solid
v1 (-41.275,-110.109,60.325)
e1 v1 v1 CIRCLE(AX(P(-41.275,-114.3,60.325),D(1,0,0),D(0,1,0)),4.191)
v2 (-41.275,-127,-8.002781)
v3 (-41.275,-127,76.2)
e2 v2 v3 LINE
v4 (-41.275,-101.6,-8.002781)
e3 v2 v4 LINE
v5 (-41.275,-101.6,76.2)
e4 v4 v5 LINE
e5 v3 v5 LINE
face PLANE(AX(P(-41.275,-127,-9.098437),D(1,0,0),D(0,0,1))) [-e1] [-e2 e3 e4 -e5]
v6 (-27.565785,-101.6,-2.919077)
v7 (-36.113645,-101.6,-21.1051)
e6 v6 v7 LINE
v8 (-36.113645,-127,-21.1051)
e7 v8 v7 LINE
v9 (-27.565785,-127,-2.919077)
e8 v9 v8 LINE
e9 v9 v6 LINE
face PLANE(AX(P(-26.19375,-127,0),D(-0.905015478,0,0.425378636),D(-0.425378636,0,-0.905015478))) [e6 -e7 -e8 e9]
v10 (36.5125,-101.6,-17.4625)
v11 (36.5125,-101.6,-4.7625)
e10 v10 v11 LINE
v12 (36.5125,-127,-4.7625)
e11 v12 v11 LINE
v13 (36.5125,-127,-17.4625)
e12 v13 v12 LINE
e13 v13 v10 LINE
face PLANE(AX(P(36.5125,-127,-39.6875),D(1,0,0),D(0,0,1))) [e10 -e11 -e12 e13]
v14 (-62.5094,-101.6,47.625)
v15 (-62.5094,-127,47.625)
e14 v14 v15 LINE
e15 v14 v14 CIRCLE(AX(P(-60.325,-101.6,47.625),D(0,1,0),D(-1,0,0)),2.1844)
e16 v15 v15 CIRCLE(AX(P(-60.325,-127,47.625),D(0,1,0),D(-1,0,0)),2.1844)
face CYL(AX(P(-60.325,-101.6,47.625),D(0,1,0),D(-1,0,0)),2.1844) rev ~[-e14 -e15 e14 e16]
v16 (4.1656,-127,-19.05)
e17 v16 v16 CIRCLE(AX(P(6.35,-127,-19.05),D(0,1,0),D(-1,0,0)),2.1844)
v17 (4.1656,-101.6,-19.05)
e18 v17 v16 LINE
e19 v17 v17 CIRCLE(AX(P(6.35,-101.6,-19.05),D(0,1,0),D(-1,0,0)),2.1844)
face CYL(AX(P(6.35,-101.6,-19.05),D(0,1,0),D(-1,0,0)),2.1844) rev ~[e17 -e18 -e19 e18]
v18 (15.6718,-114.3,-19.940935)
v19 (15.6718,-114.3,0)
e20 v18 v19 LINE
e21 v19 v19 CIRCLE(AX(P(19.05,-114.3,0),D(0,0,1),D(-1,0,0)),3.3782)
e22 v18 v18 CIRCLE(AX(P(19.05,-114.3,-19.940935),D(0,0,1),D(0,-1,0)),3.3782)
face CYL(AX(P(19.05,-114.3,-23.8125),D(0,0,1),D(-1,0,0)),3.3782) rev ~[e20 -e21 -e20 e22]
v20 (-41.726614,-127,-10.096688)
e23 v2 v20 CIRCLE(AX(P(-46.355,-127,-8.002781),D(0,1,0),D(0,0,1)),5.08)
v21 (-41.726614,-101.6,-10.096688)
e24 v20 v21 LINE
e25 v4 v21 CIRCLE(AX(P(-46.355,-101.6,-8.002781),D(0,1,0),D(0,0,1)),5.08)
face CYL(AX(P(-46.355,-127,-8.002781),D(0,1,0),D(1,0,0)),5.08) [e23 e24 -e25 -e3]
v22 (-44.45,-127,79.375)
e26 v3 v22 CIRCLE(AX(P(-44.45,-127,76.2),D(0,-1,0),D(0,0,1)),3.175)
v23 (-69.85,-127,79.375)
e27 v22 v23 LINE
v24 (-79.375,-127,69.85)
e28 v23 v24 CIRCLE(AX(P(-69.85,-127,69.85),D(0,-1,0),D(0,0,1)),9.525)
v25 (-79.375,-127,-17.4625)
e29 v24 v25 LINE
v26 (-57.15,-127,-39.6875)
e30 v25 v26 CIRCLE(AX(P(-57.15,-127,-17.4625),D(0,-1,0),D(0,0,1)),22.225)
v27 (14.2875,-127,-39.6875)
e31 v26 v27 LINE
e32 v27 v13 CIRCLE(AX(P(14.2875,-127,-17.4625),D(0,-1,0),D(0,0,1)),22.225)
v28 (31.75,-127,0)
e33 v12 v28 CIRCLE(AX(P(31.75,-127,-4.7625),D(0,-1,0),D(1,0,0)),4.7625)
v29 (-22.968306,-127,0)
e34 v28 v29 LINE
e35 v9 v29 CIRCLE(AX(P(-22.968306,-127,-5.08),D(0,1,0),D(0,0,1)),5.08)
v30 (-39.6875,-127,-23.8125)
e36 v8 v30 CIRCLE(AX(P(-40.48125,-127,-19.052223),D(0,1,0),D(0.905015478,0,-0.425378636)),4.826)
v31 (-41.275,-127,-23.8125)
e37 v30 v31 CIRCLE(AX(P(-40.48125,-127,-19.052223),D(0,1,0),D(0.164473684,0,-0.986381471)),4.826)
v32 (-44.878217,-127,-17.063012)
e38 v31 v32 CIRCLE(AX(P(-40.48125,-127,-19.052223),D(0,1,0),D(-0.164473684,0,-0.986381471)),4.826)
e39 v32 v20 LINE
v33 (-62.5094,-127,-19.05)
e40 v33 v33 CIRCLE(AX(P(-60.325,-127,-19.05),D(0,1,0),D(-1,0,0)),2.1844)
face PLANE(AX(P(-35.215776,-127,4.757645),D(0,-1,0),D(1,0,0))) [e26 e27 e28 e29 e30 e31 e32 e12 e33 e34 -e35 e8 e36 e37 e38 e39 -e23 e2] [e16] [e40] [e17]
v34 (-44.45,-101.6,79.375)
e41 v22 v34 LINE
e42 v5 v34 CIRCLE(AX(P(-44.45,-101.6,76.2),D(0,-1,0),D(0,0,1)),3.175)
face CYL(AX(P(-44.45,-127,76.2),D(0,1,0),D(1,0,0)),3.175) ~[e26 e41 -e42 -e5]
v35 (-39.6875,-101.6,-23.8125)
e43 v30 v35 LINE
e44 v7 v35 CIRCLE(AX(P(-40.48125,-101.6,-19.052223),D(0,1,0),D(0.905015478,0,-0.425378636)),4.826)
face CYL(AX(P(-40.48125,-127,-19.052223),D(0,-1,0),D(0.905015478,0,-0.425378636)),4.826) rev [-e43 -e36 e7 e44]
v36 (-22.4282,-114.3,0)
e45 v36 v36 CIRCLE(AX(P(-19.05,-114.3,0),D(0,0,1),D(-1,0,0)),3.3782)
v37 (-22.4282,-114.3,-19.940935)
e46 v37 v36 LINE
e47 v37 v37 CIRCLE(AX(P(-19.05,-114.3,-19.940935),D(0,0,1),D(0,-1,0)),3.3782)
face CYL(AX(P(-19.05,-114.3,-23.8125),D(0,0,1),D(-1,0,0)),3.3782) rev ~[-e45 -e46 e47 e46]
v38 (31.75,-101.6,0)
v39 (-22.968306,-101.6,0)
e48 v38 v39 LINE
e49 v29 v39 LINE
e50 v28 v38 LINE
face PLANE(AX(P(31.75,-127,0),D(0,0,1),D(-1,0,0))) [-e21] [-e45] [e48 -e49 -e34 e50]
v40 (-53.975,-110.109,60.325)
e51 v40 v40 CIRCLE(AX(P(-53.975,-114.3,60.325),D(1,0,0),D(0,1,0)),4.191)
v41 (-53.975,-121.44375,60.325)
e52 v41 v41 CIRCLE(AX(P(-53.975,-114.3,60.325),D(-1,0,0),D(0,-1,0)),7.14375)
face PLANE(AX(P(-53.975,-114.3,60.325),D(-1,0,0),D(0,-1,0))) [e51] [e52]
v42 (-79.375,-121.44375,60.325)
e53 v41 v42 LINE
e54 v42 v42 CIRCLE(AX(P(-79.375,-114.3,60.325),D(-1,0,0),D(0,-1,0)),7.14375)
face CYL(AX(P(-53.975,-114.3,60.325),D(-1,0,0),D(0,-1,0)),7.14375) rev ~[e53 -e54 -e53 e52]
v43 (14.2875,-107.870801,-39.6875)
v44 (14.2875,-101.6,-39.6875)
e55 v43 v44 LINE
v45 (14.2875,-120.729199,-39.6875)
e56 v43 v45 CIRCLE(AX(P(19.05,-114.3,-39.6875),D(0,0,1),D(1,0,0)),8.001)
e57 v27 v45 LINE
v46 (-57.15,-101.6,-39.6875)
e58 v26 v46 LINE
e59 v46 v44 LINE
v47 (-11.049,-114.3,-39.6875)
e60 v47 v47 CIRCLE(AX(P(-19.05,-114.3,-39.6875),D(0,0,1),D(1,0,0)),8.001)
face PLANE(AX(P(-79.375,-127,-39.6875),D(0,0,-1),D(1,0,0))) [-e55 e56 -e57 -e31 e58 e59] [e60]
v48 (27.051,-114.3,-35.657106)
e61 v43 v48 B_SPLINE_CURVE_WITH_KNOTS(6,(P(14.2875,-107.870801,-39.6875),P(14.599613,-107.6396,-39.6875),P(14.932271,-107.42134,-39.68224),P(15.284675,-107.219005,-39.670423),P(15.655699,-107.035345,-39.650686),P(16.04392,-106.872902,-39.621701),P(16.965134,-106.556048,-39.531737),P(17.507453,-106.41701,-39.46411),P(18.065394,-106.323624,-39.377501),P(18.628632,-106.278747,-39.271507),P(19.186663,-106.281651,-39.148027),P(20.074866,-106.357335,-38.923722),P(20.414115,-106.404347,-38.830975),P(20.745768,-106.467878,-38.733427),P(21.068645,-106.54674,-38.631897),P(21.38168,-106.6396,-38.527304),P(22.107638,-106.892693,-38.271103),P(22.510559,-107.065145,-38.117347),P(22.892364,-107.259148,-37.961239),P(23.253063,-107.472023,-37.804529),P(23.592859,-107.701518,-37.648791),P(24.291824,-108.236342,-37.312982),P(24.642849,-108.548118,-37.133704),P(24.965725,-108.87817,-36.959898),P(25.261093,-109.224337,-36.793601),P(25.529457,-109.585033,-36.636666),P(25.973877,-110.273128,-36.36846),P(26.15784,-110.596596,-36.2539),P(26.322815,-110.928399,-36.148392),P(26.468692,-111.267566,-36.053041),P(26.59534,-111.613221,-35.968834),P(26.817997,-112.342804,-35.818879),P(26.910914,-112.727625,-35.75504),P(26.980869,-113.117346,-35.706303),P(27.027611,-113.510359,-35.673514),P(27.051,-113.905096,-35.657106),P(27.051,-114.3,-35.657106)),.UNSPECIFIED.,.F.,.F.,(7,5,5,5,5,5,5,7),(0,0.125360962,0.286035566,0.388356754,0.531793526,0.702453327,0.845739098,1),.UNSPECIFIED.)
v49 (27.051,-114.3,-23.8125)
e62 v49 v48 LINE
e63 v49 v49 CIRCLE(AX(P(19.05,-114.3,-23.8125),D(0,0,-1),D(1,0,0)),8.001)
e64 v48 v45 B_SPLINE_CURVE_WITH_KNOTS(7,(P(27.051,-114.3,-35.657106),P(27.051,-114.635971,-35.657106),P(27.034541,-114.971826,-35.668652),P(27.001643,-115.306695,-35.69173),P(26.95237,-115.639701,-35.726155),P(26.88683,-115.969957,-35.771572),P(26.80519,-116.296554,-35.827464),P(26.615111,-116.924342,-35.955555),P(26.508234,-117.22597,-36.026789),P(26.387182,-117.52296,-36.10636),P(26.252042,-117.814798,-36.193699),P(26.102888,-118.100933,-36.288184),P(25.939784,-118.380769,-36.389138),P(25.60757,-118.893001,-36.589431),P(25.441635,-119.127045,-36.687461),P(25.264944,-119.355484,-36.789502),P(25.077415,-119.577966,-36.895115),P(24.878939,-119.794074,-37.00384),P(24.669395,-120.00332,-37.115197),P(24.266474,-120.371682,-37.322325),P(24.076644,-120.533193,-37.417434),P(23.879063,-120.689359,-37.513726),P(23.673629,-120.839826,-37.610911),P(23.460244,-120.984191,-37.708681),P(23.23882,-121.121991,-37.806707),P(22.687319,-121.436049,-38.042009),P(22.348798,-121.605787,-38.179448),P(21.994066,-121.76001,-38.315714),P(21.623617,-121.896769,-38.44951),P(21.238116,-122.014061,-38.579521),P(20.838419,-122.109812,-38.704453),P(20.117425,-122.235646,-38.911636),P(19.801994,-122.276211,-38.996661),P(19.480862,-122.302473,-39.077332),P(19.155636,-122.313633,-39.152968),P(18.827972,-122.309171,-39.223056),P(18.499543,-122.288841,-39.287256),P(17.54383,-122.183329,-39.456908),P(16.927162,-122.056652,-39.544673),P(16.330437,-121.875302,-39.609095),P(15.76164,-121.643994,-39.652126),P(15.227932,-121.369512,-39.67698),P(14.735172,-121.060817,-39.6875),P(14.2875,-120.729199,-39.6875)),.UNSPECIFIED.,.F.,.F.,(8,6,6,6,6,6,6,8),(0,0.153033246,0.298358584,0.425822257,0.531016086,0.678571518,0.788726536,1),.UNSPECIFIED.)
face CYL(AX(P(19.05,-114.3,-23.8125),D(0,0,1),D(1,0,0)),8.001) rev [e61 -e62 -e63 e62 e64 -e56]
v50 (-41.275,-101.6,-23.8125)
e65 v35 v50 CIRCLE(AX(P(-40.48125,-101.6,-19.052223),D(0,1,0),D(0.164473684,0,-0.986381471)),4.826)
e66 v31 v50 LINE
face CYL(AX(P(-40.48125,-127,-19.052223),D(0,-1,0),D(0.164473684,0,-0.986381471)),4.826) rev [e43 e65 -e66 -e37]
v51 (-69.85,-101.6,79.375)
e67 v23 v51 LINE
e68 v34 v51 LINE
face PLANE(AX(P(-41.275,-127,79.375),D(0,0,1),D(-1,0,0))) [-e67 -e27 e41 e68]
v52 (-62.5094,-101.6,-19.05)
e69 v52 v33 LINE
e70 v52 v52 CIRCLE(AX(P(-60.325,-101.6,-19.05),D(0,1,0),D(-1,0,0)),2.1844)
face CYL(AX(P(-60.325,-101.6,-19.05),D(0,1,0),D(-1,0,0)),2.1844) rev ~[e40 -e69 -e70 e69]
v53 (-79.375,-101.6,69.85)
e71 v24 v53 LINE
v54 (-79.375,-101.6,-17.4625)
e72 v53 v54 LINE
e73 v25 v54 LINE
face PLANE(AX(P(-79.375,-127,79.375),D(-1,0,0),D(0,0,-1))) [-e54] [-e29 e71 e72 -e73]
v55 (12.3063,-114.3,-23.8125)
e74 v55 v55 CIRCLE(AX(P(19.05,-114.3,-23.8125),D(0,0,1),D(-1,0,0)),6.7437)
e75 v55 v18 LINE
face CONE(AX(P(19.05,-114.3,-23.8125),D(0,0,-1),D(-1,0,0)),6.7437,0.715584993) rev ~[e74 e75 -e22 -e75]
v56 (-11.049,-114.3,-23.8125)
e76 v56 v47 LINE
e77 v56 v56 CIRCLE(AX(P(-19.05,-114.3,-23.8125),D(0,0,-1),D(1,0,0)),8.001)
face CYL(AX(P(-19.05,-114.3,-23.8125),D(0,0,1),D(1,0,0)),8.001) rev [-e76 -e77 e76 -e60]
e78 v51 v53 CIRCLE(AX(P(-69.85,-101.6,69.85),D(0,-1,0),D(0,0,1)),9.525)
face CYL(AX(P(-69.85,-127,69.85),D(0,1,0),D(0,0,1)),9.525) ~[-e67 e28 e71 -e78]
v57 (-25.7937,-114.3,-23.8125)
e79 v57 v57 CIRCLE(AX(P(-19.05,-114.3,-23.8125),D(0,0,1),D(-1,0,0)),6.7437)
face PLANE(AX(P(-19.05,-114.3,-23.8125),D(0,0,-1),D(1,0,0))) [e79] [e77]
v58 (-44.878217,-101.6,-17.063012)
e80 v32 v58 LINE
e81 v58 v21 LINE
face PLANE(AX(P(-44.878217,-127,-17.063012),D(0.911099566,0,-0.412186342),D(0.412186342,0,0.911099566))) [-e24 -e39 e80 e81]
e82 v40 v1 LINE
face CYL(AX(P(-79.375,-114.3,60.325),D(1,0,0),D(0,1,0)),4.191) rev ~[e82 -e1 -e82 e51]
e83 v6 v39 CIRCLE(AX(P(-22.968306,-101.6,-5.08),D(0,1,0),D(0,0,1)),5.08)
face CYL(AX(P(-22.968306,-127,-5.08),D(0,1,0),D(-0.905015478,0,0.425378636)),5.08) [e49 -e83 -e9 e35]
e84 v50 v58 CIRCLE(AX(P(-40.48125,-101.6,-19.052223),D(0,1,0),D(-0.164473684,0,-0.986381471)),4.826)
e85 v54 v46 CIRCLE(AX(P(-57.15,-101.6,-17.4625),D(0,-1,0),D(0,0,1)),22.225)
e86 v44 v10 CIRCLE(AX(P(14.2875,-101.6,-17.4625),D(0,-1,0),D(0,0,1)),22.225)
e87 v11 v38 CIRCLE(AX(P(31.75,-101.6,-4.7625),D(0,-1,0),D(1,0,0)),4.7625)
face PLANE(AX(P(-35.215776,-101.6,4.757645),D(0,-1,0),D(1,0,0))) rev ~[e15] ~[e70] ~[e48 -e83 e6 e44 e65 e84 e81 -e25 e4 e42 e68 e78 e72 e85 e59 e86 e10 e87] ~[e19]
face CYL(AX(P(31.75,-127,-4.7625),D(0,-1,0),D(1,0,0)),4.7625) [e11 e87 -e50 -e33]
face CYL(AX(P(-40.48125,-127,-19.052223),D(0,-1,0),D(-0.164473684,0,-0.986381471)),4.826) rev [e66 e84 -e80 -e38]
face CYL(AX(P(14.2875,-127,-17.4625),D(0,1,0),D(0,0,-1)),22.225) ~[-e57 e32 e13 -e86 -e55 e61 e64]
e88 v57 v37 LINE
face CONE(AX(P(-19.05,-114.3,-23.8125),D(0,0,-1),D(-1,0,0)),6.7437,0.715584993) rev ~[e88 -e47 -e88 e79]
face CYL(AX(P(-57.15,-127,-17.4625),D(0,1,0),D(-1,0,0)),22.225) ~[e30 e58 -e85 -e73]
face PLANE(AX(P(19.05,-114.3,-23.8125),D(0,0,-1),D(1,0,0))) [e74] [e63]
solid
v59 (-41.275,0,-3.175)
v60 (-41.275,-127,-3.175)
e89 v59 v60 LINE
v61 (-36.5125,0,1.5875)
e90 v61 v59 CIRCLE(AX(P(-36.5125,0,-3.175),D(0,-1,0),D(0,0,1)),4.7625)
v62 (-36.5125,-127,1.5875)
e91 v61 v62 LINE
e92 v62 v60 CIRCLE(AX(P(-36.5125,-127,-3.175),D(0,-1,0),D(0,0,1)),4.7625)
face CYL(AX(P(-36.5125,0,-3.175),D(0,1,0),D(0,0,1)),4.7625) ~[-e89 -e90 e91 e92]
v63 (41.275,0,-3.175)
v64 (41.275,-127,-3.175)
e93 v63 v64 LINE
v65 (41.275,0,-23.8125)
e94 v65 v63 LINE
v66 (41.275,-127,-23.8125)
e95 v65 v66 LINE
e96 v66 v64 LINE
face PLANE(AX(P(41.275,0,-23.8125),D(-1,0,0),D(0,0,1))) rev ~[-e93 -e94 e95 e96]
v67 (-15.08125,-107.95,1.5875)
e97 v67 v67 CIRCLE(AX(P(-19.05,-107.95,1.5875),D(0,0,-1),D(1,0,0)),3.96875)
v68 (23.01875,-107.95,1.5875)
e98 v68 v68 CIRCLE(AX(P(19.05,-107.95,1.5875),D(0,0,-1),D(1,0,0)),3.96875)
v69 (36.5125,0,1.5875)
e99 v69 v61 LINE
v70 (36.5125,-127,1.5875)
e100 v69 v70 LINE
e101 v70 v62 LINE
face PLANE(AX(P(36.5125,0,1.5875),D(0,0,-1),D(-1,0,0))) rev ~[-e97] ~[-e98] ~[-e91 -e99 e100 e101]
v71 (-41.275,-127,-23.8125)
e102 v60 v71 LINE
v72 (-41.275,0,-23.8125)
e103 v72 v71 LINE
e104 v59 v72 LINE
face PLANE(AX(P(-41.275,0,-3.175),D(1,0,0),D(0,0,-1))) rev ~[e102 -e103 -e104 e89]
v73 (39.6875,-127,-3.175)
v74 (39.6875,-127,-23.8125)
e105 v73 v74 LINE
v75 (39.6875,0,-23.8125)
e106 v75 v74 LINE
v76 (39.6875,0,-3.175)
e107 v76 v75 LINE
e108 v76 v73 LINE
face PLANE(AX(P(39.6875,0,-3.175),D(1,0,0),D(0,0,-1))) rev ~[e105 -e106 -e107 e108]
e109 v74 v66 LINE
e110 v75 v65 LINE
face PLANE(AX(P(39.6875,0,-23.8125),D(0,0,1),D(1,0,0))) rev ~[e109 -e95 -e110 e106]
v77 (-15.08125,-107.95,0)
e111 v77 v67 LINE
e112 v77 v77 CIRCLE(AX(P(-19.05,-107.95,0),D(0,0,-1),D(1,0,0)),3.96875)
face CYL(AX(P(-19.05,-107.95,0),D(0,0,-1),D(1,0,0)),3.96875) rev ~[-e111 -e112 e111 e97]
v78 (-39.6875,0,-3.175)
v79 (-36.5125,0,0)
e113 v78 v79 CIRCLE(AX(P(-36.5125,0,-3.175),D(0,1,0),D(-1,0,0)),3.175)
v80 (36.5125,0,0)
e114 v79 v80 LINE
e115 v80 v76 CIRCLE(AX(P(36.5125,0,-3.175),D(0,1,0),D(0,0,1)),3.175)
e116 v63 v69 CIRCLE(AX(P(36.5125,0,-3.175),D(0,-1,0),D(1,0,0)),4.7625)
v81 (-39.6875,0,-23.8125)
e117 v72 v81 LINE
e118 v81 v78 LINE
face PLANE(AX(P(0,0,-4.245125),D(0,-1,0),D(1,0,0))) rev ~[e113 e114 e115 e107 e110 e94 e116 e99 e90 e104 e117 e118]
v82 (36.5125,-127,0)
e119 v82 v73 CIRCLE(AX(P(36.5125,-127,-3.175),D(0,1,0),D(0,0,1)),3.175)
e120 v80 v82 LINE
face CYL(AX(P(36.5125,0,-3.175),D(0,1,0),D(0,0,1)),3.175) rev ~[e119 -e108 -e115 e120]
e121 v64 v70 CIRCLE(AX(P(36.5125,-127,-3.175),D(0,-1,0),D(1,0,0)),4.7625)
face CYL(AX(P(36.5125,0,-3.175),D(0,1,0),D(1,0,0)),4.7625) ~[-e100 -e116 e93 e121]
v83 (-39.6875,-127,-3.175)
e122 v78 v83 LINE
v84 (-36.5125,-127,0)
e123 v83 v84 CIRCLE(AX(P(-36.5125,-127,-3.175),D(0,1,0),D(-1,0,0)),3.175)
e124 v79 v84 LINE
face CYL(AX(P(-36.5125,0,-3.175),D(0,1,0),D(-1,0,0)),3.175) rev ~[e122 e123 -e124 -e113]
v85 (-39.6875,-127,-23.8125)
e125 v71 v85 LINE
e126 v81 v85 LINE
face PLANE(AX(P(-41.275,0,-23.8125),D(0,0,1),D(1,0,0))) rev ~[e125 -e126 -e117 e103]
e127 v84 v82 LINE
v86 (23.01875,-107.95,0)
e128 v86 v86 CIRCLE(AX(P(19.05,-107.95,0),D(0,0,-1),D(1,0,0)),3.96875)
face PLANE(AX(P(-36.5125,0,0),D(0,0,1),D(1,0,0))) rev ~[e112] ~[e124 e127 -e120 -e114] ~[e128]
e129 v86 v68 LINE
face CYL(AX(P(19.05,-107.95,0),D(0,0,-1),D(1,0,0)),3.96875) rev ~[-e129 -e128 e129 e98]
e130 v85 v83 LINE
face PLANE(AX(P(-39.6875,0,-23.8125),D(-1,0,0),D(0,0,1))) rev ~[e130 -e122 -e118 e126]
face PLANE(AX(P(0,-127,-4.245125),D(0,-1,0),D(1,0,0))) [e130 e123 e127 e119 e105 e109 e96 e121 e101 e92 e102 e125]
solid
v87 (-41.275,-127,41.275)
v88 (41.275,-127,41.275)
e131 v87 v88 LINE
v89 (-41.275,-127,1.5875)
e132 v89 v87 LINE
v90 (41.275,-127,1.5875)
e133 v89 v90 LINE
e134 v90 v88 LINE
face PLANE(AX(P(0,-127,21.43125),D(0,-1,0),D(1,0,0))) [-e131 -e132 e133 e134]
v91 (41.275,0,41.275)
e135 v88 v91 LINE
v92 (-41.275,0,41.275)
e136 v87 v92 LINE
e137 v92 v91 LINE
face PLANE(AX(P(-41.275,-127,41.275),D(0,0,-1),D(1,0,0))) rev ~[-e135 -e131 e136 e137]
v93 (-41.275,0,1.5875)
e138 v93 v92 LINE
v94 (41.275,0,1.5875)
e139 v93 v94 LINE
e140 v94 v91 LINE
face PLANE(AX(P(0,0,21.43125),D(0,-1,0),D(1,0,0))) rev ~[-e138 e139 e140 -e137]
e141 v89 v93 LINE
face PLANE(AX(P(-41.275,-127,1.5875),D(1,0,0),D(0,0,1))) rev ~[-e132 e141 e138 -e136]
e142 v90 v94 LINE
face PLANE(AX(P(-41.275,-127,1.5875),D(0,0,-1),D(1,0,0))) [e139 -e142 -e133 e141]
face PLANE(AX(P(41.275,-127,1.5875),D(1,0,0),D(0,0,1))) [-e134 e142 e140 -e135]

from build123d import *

# Parameters (mm, degrees)
F1_DEPTH        = 127
F2_W            = 82.55
F2_H            = 39.6875
F3_DEPTH        = 127
F4_R            = 3.96875
F5_DEPTH        = 25.4
F7_DEPTH        = 25.4
F8_R            = 22.225
F10_R           = 8.001
F11_DEPTH       = 25.4
F12_D           = 6.7564
F12_CSINK_D     = 13.4874
F12_CSINK_ANGLE = 82
F13_R           = 3.175
F14_R           = 9.525
F16_D           = 8.382
F16_CBORE_D     = 14.2875
F16_CBORE_DEPTH = 25.4
F17_R           = 5.08
F18_R           = 2.1844
F19_DEPTH       = 25.4010001


with BuildPart() as f1:
    # F0 (on Front) → F1 (new body)
    with BuildSketch(Plane.XZ):
        with BuildLine():
            Line((39.6875, -23.8125), (41.275, -23.8125))
            Line((41.275, -23.8125), (41.275, -3.175))
            ThreePointArc((41.275, -3.175), (39.8800960454, 0.1925960454), (36.5125, 1.5875))
            Line((36.5125, 1.5875), (-36.5125, 1.5875))
            ThreePointArc((-36.5125, 1.5875), (-39.8800960454, 0.1925960454), (-41.275, -3.175))
            Line((-41.275, -3.175), (-41.275, -23.8125))
            Line((-41.275, -23.8125), (-39.6875, -23.8125))
            Line((-39.6875, -23.8125), (-39.6875, -3.175))
            ThreePointArc((-39.6875, -3.175), (-38.7575640303, -0.9299359697), (-36.5125, 0))
            Line((-36.5125, 0), (36.5125, 0))
            ThreePointArc((36.5125, 0), (38.7575640303, -0.9299359697), (39.6875, -3.175))
            Line((39.6875, -3.175), (39.6875, -23.8125))
        make_face()
    extrude(amount=F1_DEPTH)

    # F4 (on face) → F5 (cut)
    with BuildSketch(Plane(origin=(0, 0, 0), x_dir=(1, 0, 0), z_dir=(0, 0, -1))):
        with Locations((-19.05, 107.95)):
            Circle(F4_R)
        with Locations((19.05, 107.95)):
            Circle(F4_R)
    extrude(amount=-F5_DEPTH, mode=Mode.SUBTRACT)


with BuildPart() as f3:
    # F2 (on face) → F3 (new body, through all)
    with BuildSketch(Plane.XZ.offset(127)):
        with Locations((0, 21.43125)):
            Rectangle(F2_W, F2_H)
    extrude(amount=-F3_DEPTH)


with BuildPart() as f7:
    # F6 (on face) → F7 (new body)
    with BuildSketch(Plane.XZ.offset(127)):
        with BuildLine():
            Line((-41.275, -3.175), (-41.275, 79.375))
            Line((-41.275, 79.375), (-79.375, 79.375))
            Line((-79.375, 79.375), (-79.375, -39.6875))
            Line((-79.375, -39.6875), (36.5125, -39.6875))
            Line((36.5125, -39.6875), (36.5125, -4.7625))
            ThreePointArc((36.5125, -4.7625), (35.1175960454, -1.3949039546), (31.75, 0))
            Line((31.75, 0), (-26.19375, 0))
            Line((-26.19375, 0), (-36.1136453021, -21.1051003173))
            ThreePointArc((-36.1136453021, -21.1051003173), (-37.5670779324, -22.8990239183), (-39.6875, -23.8125))
            ThreePointArc((-39.6875, -23.8125), (-40.48125, -23.8782230188), (-41.275, -23.8125))
            ThreePointArc((-41.275, -23.8125), (-44.7385710396, -21.3249952393), (-44.8782165057, -17.063011731))
            Line((-44.8782165057, -17.063011731), (-41.275, -9.0984368335))
            Line((-41.275, -9.0984368335), (-41.275, -3.175))
        make_face()
    extrude(amount=-F7_DEPTH)

    # F8
    f8_edges = [f7.edges().sort_by_distance(p)[0] for p in [
        (-79.375, -114.3, -39.6875),
        (36.5125, -114.3, -39.6875),
    ]]
    fillet(f8_edges, radius=F8_R)

    # F10 (on offset) → F11 (cut)
    with BuildSketch(Plane(origin=(0, 0, -23.8125), x_dir=(1, 0, 0), z_dir=(0, 0, -1))):
        with Locations((-19.05, 114.3)):
            Circle(F10_R)
        with Locations((19.05, 114.3)):
            Circle(F10_R)
    extrude(amount=F11_DEPTH, mode=Mode.SUBTRACT)

    # F12 (through all)
    with Locations(Plane(origin=(0, 0, -23.8125), x_dir=(1, 0, 0), z_dir=(0, 0, -1))):
        with Locations((-19.05, 114.3), (19.05, 114.3)):
            CounterSinkHole(F12_D / 2, F12_CSINK_D / 2, counter_sink_angle=F12_CSINK_ANGLE)

    # F13
    f13_edges = [f7.edges().sort_by_distance(p)[0] for p in [
        (-41.275, -114.3, 79.375),
    ]]
    fillet(f13_edges, radius=F13_R)

    # F14
    f14_edges = [f7.edges().sort_by_distance(p)[0] for p in [
        (-79.375, -114.3, 79.375),
    ]]
    fillet(f14_edges, radius=F14_R)

    # F16 (through all)
    with Locations(Plane(origin=(-79.375, 0, 0), x_dir=(0, -1, 0), z_dir=(-1, 0, 0))):
        with Locations((114.3, 60.325)):
            CounterBoreHole(F16_D / 2, F16_CBORE_D / 2, F16_CBORE_DEPTH)

    # F17
    f17_edges = [f7.edges().sort_by_distance(p)[0] for p in [
        (-41.275, -114.3, -9.098437),
        (-26.19375, -114.3, 0),
    ]]
    fillet(f17_edges, radius=F17_R)

    # F18 (on face) → F19 (cut, through all)
    with BuildSketch(Plane(origin=(0, -101.6, 0), x_dir=(-1, 0, 0), z_dir=(0, 1, 0))):
        with Locations((60.325, 47.625)):
            Circle(F18_R)
        with Locations((60.325, -19.05)):
            Circle(F18_R)
        with Locations((-6.35, -19.05)):
            Circle(F18_R)
    extrude(amount=-F19_DEPTH, mode=Mode.SUBTRACT)


solid = Compound([f1.part, f3.part, f7.part])
